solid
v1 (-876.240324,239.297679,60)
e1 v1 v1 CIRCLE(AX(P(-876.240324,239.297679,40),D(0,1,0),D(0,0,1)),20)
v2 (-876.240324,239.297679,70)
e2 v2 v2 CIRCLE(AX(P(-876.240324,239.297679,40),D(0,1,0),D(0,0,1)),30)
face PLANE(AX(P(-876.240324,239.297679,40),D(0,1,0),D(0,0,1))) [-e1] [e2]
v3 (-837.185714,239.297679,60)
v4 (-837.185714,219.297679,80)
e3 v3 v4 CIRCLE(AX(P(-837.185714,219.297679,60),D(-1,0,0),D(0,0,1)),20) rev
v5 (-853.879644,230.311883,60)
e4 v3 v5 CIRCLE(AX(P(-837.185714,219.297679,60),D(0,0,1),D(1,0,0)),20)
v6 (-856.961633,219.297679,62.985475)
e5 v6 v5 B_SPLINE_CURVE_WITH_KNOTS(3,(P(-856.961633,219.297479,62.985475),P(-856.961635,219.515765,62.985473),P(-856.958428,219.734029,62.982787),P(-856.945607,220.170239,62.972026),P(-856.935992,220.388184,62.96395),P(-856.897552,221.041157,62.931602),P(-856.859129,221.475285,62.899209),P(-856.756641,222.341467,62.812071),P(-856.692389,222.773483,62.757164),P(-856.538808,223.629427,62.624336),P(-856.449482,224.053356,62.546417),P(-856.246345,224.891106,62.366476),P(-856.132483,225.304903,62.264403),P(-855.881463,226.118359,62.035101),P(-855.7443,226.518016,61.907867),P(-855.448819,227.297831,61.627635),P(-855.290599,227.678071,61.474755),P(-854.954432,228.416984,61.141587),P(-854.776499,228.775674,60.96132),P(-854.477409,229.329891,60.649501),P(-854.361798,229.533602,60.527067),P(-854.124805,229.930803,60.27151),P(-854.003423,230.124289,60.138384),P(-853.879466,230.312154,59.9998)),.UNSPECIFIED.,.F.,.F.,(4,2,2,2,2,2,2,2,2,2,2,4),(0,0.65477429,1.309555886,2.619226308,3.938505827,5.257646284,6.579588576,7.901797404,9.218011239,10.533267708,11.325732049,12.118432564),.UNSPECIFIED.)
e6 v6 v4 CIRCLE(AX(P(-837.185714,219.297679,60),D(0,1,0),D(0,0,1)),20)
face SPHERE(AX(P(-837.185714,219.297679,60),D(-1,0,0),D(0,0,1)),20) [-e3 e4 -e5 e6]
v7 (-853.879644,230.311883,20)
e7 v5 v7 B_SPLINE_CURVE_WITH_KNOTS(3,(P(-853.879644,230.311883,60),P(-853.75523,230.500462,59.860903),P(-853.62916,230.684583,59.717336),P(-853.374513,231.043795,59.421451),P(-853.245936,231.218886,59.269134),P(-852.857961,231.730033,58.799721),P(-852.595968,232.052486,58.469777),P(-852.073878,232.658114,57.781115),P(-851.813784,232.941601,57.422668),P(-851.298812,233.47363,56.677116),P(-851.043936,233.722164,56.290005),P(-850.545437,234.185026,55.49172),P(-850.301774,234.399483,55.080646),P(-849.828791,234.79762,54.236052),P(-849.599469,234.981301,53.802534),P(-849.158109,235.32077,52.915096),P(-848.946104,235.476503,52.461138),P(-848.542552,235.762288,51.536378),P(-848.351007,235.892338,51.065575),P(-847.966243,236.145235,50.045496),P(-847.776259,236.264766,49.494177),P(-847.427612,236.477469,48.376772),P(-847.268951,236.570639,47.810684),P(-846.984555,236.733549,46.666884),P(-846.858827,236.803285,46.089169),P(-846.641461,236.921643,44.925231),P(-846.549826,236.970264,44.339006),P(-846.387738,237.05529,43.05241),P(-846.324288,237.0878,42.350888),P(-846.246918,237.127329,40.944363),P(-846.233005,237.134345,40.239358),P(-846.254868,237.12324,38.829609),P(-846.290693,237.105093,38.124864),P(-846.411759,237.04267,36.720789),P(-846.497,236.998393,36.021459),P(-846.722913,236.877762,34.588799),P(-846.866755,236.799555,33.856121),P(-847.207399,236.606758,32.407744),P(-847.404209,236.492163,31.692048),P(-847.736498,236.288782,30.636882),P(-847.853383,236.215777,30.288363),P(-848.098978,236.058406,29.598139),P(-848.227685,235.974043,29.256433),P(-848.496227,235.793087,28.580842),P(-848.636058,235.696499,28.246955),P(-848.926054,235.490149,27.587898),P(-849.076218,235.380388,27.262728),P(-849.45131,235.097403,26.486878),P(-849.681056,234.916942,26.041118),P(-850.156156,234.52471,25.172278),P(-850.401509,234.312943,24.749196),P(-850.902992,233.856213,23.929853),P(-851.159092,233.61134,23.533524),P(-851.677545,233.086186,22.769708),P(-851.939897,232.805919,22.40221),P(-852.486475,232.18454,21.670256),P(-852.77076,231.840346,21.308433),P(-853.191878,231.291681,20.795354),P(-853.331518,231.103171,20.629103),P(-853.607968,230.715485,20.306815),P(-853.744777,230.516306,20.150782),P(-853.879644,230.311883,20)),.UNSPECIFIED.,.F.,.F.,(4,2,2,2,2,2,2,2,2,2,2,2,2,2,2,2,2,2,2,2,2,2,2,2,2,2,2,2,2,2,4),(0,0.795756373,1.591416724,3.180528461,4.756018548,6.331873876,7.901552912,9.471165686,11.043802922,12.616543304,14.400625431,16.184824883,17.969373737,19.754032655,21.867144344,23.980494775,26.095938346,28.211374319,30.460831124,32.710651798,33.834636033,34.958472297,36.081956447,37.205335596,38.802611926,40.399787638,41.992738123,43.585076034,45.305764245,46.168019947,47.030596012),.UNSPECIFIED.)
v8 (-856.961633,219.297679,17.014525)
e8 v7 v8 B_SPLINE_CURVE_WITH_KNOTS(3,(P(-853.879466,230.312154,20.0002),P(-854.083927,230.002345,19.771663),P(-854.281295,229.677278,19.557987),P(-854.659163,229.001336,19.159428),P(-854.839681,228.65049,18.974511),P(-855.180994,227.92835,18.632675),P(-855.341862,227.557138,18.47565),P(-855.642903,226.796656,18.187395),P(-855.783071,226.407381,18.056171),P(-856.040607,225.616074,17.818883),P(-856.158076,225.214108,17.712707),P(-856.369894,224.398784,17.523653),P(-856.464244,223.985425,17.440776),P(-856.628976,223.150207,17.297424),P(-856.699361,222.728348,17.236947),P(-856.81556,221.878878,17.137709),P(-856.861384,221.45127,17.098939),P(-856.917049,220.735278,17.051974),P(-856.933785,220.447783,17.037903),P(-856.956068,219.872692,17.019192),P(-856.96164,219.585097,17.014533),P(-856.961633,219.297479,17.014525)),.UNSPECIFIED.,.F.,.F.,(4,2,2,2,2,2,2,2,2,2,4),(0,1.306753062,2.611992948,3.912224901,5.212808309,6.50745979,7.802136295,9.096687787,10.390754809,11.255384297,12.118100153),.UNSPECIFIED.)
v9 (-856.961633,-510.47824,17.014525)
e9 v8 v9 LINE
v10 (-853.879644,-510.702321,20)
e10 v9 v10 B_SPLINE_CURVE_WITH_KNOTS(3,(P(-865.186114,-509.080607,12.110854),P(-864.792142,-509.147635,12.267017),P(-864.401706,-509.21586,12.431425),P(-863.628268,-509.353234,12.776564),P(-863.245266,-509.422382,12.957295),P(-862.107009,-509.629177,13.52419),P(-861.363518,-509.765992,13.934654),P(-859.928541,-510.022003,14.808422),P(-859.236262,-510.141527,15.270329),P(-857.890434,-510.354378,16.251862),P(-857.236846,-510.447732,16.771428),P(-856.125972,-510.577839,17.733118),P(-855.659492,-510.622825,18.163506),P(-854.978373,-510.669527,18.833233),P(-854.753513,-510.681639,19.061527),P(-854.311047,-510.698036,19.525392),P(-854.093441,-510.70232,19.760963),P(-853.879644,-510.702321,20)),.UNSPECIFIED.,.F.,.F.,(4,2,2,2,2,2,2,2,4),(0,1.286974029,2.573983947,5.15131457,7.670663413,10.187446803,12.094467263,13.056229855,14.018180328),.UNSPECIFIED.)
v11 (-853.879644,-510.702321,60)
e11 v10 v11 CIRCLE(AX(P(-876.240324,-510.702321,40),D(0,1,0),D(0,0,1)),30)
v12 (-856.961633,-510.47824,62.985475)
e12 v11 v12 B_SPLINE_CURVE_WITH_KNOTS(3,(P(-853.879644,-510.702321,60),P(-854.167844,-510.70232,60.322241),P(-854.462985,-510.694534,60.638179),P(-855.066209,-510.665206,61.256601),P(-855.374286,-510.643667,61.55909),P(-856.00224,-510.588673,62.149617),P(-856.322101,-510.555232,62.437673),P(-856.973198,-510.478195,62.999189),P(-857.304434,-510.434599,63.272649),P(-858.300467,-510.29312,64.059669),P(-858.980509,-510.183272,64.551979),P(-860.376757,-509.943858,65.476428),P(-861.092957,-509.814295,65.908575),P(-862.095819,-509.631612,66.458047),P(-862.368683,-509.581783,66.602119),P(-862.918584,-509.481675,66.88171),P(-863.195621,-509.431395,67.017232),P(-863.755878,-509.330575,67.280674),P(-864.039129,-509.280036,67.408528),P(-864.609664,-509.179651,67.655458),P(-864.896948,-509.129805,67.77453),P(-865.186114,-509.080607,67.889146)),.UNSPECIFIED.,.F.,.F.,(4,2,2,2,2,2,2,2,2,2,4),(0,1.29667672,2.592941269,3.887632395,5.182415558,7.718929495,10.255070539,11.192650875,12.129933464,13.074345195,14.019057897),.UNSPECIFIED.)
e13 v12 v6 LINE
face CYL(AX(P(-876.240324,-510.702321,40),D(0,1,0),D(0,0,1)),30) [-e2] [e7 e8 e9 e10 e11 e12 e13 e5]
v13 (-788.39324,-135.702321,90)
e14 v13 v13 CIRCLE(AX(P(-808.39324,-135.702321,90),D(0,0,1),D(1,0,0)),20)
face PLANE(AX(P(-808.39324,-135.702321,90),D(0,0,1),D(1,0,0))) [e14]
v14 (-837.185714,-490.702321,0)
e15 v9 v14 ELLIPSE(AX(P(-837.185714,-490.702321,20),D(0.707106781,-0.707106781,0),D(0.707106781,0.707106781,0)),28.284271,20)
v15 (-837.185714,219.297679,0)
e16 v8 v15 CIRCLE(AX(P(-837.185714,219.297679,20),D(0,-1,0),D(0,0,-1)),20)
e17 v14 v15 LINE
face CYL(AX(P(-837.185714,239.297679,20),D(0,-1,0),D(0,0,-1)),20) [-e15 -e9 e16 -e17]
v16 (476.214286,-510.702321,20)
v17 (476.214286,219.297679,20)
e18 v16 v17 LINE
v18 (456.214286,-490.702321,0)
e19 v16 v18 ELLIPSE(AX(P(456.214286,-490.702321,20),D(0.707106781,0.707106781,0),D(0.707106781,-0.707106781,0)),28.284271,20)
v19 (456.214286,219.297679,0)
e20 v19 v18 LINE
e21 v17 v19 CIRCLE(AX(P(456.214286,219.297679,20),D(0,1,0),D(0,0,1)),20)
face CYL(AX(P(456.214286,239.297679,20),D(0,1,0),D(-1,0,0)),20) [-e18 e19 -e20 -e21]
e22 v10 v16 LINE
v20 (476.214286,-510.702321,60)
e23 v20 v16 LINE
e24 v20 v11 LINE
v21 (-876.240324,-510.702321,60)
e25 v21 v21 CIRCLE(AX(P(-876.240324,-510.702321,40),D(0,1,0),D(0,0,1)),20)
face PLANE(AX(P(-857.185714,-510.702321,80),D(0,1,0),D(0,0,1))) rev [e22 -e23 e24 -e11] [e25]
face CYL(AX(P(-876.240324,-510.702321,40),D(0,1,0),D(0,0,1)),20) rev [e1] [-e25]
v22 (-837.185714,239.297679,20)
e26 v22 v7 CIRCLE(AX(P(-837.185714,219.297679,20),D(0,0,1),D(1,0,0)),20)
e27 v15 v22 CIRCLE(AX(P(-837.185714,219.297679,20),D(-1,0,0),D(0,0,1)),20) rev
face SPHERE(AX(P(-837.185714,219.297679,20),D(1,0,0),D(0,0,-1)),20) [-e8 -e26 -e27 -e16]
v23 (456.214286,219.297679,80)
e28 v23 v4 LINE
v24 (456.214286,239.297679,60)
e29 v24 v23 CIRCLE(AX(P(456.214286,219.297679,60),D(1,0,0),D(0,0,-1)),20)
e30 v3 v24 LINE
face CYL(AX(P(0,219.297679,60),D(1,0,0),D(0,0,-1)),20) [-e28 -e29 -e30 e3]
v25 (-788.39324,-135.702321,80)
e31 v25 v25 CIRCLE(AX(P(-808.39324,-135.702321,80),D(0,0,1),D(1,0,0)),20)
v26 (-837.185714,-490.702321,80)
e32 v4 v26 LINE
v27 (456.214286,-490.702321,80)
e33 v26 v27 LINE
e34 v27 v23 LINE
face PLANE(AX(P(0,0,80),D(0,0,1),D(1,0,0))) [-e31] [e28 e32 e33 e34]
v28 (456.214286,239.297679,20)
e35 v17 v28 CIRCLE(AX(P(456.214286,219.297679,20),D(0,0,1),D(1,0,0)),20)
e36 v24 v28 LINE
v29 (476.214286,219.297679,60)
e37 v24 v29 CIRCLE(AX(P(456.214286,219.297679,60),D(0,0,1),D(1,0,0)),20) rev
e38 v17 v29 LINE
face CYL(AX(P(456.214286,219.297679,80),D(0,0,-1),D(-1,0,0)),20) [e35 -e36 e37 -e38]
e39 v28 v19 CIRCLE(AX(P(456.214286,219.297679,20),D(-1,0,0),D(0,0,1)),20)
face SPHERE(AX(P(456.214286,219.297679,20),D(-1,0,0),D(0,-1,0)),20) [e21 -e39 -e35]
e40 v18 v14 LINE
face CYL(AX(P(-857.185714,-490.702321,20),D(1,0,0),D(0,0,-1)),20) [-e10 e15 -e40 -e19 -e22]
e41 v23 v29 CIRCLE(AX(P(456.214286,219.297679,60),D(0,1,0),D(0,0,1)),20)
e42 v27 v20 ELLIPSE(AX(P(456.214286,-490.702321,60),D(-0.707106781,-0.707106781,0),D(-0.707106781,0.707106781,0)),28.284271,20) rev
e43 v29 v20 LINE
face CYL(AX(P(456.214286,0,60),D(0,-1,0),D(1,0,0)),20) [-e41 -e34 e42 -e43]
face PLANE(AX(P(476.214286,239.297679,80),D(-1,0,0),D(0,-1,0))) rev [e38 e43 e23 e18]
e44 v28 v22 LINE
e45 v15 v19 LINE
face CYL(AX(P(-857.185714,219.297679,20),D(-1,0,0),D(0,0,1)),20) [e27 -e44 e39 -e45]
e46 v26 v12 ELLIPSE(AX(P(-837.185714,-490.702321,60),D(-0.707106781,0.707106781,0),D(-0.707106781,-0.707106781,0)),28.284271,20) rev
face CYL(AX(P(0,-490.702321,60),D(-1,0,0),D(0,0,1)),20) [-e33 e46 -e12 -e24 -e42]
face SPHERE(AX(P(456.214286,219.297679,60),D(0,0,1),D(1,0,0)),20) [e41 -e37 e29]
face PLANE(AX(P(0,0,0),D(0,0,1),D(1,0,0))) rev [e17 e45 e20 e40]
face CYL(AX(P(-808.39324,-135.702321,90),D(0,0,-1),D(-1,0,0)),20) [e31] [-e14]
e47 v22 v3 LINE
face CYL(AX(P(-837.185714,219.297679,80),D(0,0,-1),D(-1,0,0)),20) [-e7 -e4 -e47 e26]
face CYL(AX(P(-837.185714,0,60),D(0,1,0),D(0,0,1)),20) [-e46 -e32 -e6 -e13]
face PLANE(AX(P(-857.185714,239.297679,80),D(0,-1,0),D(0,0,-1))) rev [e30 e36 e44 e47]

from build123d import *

# Parameters (mm, degrees)
SKETCH1_W           = 1333.4
SKETCH1_H           = 750
BOSS_EXTRUDE1_DEPTH = 80
FILLET1_R           = 20
FILLET2_R           = 20
SKETCH2_R           = 30
SKETCH2_R_2         = 20
BOSS_EXTRUDE2_DEPTH = 750
SKETCH3_R           = 20
CUT_EXTRUDE1_DEPTH  = 750
SKETCH4_R           = 20
BOSS_EXTRUDE3_DEPTH = 10


with BuildPart() as part:
    # Sketch1 → Boss-Extrude1 (new body)
    with BuildSketch(Plane.XY):
        with Locations((-190.485714286, -135.702321429)):
            Rectangle(SKETCH1_W, SKETCH1_H)
    extrude(amount=BOSS_EXTRUDE1_DEPTH)

    # Fillet1
    fillet1_edges = [part.edges().sort_by_distance(p)[0] for p in [
        (-190.485714286, 239.297678571, 0),
    ]]
    fillet(fillet1_edges, radius=FILLET1_R)

    # Fillet2
    fillet2_edges = [part.edges().sort_by_distance(p)[0] for p in [
        (476.214285714, -135.702321429, 80),
        (-857.185714286, -145.702321429, 0),
        (-190.485714286, 239.297678571, 80),
        (476.214285714, 233.439814195, 5.857864376),
        (-857.185714286, 233.439814195, 5.857864376),
        (-857.185714286, -135.702321429, 80),
        (476.214285714, -145.702321429, 0),
        (-190.485714286, -510.702321429, 0),
        (-857.185714286, 239.297678571, 50),
        (476.214285714, 239.297678571, 50),
        (-190.485714286, -510.702321429, 80),
    ]]
    fillet(fillet2_edges, radius=FILLET2_R)

    # Sketch2 → Boss-Extrude2 (add)
    with BuildSketch(Plane(origin=(0, 239.297678571, 0), x_dir=(1, 0, 0), z_dir=(0, 1, 0))):
        with Locations(Location((-876.240324271, -40, 0), (0, 0, 270))):
            Circle(SKETCH2_R)
        with Locations(Location((-876.240324271, -40, 0), (0, 0, 270))):
            Circle(SKETCH2_R_2, mode=Mode.SUBTRACT)
    extrude(amount=-BOSS_EXTRUDE2_DEPTH)

    # Sketch3 → Cut-Extrude1 (cut)
    with BuildSketch(Plane(origin=(0, 239.297678571, 0), x_dir=(1, 0, 0), z_dir=(0, 1, 0))):
        with Locations(Location((-876.240324271, -40, 0), (0, 0, 270))):
            Circle(SKETCH3_R)
    extrude(amount=-CUT_EXTRUDE1_DEPTH, mode=Mode.SUBTRACT)

    # Sketch4 → Boss-Extrude3 (add)
    with BuildSketch(Plane.XY.offset(80)):
        with Locations((-808.393239531, -135.702321429)):
            Circle(SKETCH4_R)
    extrude(amount=BOSS_EXTRUDE3_DEPTH)


solid = part.part
